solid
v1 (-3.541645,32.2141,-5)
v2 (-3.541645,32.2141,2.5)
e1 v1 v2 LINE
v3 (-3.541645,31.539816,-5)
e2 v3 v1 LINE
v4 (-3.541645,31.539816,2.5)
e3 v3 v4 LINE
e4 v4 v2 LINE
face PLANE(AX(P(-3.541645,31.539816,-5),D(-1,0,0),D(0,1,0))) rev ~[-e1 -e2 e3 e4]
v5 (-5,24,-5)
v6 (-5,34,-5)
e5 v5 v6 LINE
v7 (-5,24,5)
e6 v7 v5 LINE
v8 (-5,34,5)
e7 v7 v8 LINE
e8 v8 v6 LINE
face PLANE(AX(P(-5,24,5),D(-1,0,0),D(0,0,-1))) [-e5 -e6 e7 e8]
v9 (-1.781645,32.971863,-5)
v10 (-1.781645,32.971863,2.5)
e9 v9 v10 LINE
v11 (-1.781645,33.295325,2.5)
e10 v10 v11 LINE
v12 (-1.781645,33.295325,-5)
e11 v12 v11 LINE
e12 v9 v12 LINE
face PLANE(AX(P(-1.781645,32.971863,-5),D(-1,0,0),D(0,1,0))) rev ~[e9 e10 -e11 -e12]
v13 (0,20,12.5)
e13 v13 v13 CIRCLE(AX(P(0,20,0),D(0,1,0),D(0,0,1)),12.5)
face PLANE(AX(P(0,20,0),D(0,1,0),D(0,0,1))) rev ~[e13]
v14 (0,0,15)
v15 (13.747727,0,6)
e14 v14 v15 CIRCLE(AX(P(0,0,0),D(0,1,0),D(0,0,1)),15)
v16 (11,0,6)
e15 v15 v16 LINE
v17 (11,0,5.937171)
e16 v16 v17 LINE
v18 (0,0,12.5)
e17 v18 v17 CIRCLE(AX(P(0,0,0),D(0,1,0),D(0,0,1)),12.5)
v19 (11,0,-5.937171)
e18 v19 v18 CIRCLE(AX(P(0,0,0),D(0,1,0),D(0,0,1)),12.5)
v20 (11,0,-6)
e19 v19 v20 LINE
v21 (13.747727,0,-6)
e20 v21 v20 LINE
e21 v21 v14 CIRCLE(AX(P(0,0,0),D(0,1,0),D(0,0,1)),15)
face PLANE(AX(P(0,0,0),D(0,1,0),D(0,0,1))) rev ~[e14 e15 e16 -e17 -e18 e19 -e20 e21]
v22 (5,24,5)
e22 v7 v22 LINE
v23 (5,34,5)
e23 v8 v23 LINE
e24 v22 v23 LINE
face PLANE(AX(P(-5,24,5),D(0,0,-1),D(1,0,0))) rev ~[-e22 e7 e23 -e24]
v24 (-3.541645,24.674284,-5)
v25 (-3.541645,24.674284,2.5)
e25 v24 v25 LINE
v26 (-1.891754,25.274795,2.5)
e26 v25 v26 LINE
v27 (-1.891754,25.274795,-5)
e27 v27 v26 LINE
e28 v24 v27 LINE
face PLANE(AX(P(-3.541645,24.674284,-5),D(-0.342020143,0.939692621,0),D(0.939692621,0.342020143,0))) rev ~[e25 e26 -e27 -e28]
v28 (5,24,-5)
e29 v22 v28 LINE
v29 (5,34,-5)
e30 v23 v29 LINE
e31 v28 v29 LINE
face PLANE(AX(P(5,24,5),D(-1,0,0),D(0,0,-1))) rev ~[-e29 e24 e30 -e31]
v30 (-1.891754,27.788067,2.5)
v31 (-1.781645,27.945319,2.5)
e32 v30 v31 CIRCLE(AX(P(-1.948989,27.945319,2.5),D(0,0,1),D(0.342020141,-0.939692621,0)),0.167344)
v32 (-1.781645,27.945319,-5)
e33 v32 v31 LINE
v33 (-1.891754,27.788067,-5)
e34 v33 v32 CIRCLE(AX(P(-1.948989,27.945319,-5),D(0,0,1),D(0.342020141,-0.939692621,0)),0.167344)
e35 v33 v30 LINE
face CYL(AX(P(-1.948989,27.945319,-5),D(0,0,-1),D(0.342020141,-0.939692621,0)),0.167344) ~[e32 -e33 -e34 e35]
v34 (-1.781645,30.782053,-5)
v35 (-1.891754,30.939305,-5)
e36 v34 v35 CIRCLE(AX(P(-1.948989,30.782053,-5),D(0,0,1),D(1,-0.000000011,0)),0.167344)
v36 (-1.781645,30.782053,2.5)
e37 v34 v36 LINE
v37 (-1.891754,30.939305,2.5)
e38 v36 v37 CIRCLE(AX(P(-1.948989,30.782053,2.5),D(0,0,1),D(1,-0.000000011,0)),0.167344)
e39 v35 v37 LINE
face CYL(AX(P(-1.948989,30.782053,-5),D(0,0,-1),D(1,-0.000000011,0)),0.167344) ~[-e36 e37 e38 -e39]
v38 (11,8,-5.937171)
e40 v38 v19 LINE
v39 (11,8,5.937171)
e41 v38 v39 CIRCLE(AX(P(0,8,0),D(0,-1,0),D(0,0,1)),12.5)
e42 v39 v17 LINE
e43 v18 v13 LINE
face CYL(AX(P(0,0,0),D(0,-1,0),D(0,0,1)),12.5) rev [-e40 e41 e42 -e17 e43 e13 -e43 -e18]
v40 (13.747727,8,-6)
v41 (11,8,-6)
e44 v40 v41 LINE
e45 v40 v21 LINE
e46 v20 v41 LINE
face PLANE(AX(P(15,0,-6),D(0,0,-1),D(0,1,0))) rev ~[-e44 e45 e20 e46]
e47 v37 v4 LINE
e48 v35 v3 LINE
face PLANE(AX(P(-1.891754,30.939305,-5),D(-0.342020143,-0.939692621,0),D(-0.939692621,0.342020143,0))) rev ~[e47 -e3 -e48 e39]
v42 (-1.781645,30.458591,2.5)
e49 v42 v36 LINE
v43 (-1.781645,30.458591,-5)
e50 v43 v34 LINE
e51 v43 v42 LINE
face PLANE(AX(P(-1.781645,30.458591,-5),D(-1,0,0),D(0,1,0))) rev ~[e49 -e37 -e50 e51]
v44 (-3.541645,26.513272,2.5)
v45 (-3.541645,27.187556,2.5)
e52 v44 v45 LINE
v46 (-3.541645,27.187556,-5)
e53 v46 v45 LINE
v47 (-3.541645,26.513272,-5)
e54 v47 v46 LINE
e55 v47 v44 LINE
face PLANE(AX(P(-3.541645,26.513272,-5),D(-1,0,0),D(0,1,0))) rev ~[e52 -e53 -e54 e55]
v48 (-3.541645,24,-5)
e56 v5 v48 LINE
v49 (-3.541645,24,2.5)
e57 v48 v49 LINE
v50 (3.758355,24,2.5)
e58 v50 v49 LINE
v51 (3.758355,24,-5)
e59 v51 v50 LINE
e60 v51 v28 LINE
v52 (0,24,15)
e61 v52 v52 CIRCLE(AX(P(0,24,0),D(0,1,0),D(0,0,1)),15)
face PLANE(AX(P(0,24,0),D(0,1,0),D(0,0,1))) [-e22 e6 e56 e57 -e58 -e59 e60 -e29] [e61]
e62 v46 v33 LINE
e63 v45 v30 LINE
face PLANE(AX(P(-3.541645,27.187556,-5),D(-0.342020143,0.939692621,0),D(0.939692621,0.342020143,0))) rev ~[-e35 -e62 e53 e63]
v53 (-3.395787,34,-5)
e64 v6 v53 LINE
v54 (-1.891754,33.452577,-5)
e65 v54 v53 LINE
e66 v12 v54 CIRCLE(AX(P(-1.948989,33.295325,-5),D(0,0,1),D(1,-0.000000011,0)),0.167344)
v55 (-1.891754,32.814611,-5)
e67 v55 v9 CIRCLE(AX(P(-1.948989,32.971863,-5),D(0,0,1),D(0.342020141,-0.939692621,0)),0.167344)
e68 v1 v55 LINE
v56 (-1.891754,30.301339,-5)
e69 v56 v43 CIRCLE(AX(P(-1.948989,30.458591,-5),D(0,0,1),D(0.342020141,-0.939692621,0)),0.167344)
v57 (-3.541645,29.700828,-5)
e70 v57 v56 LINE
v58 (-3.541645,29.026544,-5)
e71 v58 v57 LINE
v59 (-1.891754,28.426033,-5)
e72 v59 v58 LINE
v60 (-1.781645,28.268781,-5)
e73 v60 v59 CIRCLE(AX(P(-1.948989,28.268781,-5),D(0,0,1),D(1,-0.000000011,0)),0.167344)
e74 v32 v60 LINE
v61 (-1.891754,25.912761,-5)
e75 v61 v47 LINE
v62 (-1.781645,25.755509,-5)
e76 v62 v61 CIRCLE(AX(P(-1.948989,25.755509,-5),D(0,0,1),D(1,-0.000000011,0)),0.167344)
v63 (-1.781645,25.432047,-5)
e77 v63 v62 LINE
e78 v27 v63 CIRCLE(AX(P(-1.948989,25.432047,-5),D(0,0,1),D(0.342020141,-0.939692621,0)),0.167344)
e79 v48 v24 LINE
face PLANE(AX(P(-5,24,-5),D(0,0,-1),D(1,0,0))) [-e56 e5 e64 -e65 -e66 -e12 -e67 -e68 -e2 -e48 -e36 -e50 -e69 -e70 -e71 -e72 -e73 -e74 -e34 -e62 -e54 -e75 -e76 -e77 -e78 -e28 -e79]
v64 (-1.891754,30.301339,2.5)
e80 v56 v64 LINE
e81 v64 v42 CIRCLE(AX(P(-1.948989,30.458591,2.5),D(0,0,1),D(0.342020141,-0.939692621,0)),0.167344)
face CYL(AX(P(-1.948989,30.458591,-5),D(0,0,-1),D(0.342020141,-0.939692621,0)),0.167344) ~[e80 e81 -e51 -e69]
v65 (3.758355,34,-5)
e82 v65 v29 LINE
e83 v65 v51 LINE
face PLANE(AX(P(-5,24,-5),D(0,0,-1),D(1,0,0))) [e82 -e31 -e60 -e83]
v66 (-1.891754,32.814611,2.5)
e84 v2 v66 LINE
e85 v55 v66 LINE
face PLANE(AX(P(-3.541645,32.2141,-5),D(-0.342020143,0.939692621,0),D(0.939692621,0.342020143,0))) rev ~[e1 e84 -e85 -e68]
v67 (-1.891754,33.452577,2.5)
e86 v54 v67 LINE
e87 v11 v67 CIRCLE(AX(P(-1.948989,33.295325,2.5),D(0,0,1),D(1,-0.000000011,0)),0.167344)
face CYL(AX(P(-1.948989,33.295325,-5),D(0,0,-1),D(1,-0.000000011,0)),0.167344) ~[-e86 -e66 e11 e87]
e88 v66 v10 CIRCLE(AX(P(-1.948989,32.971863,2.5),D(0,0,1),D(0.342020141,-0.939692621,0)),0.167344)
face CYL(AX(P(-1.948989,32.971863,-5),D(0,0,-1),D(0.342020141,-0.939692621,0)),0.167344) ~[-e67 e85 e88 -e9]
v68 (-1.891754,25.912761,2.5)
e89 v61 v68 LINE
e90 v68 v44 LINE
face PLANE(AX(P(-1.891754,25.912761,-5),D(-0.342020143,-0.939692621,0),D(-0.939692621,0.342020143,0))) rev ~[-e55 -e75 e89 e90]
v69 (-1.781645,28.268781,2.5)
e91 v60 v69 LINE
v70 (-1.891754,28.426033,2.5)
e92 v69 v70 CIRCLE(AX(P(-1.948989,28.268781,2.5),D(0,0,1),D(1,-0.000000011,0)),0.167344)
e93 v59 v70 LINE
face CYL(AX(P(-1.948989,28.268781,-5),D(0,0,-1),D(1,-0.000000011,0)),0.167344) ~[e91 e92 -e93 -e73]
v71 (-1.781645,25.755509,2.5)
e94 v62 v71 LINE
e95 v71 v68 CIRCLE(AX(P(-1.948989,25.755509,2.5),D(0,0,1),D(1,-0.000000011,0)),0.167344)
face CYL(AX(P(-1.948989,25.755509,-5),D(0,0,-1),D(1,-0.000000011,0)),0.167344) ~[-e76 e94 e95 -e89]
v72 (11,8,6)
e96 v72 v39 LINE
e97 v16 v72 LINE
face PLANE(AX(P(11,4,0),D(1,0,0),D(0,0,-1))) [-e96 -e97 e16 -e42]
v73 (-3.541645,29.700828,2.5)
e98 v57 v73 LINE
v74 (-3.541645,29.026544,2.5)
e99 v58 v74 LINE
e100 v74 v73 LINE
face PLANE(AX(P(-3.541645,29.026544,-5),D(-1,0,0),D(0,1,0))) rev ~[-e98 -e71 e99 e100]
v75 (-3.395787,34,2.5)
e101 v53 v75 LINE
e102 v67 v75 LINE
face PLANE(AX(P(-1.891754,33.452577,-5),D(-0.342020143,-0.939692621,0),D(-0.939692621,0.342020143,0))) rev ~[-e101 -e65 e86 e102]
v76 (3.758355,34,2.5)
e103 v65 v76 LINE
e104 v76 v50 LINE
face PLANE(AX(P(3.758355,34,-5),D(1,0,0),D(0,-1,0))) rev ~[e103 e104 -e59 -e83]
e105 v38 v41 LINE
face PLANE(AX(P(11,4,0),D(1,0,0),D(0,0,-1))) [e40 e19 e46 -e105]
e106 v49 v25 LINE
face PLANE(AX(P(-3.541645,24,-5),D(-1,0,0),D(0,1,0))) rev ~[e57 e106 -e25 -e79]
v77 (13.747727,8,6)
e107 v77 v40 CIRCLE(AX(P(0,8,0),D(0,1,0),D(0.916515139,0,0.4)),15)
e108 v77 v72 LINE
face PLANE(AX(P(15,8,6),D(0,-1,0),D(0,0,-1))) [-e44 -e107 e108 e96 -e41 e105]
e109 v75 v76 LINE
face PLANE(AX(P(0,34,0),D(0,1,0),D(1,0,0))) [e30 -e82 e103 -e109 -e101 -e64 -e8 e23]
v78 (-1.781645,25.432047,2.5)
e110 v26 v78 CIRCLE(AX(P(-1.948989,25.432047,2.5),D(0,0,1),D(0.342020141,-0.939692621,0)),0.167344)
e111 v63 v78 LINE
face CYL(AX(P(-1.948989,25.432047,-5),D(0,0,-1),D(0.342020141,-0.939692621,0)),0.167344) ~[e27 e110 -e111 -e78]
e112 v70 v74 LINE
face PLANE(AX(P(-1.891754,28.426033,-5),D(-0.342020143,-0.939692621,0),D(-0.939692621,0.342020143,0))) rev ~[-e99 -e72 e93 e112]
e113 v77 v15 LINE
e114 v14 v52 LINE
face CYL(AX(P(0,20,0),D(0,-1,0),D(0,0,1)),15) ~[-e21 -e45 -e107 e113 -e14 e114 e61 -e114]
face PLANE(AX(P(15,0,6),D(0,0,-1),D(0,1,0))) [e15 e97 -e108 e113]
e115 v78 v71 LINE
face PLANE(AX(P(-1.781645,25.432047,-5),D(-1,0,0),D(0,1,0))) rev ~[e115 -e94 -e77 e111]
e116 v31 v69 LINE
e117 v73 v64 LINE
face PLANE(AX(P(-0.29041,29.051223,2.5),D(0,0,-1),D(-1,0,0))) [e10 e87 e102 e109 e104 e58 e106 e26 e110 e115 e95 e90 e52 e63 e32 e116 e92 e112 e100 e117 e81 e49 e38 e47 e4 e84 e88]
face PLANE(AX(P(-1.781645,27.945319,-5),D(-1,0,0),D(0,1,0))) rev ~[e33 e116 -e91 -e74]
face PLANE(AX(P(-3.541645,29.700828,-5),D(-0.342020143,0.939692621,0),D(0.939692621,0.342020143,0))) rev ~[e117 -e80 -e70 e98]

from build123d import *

# Parameters (mm, degrees)
SKETCH1_R           = 15
SKETCH1_R_2         = 12.5
BOSS_EXTRUDE1_DEPTH = 20
SKETCH2_R           = 15
BOSS_EXTRUDE2_DEPTH = 4
SKETCH3_W           = 12
SKETCH3_H           = 8
CUT_EXTRUDE1_DEPTH  = 4
SKETCH4_W           = 10
SKETCH4_H           = 10
BOSS_EXTRUDE3_DEPTH = 10
CUT_EXTRUDE2_DEPTH  = 7.5


with BuildPart() as part:
    # Sketch1 → Boss-Extrude1 (new body)
    with BuildSketch(Plane(origin=(0, 0, 0), x_dir=(1, 0, 0), z_dir=(0, 1, 0))):
        with Locations(Location((0, 0, 0), (0, 0, 270))):
            Circle(SKETCH1_R)
        with Locations(Location((0, 0, 0), (0, 0, 270))):
            Circle(SKETCH1_R_2, mode=Mode.SUBTRACT)
    extrude(amount=BOSS_EXTRUDE1_DEPTH)

    # Sketch2 → Boss-Extrude2 (add)
    with BuildSketch(Plane(origin=(0, 20, 0), x_dir=(1, 0, 0), z_dir=(0, 1, 0))):
        with Locations(Location((0, 0, 0), (0, 0, 270))):
            Circle(SKETCH2_R)
    extrude(amount=BOSS_EXTRUDE2_DEPTH)

    # Sketch3 → Cut-Extrude1 (cut)
    with BuildSketch(Plane(origin=(15, 0, 0), x_dir=(0, 0, -1), z_dir=(1, 0, 0))):
        with Locations((0, 4)):
            Rectangle(SKETCH3_W, SKETCH3_H)
    extrude(amount=-CUT_EXTRUDE1_DEPTH, mode=Mode.SUBTRACT)

    # Sketch4 → Boss-Extrude3 (add)
    with BuildSketch(Plane(origin=(0, 24, 0), x_dir=(1, 0, 0), z_dir=(0, 1, 0))):
        Rectangle(SKETCH4_W, SKETCH4_H)
    extrude(amount=BOSS_EXTRUDE3_DEPTH)

    # Sketch6 → Cut-Extrude2 (cut)
    with BuildSketch(Plane(origin=(0, 0, -5), x_dir=(-1, 0, 0), z_dir=(0, 0, -1))):
        with BuildLine():
            Line((-1.758355149, 34), (-3.758355149, 34))
            Line((-3.758355149, 34), (-3.758355149, 24))
            Line((-3.758355149, 24), (3.541644851, 24))
            Line((3.541644851, 24), (3.541644851, 24.674283625))
            Line((3.541644851, 24.674283625), (1.891753796, 25.274794859))
            ThreePointArc((1.891753796, 25.274794859), (1.811908661, 25.336062186), (1.781644851, 25.432046729))
            Line((1.781644851, 25.432046729), (1.781644851, 25.755508896))
            ThreePointArc((1.781644851, 25.755508896), (1.811908661, 25.85149344), (1.891753796, 25.912760766))
            Line((1.891753796, 25.912760766), (3.541644851, 26.513272))
            Line((3.541644851, 26.513272), (3.541644851, 27.187555625))
            Line((3.541644851, 27.187555625), (1.891753796, 27.788066859))
            ThreePointArc((1.891753796, 27.788066859), (1.811908661, 27.849334186), (1.781644851, 27.945318729))
            Line((1.781644851, 27.945318729), (1.781644851, 28.268780896))
            ThreePointArc((1.781644851, 28.268780896), (1.811908661, 28.36476544), (1.891753796, 28.426032766))
            Line((1.891753796, 28.426032766), (3.541644851, 29.026544))
            Line((3.541644851, 29.026544), (3.541644851, 29.700827625))
            Line((3.541644851, 29.700827625), (1.891753796, 30.301338859))
            ThreePointArc((1.891753796, 30.301338859), (1.811908661, 30.362606186), (1.781644851, 30.458590729))
            Line((1.781644851, 30.458590729), (1.781644851, 30.782052896))
            ThreePointArc((1.781644851, 30.782052896), (1.811908661, 30.87803744), (1.891753796, 30.939304766))
            Line((1.891753796, 30.939304766), (3.541644851, 31.539816))
            Line((3.541644851, 31.539816), (3.541644851, 32.214099625))
            Line((3.541644851, 32.214099625), (1.891753796, 32.814610859))
            ThreePointArc((1.891753796, 32.814610859), (1.811908661, 32.875878186), (1.781644851, 32.971862729))
            Line((1.781644851, 32.971862729), (1.781644851, 33.295324896))
            ThreePointArc((1.781644851, 33.295324896), (1.811908661, 33.39130944), (1.891753796, 33.452576766))
            Line((1.891753796, 33.452576766), (3.39578677, 34))
            Line((3.39578677, 34), (0.241644851, 34))
            Line((0.241644851, 34), (-1.758355149, 34))
        make_face()
    extrude(amount=-CUT_EXTRUDE2_DEPTH, mode=Mode.SUBTRACT)


solid = part.part
